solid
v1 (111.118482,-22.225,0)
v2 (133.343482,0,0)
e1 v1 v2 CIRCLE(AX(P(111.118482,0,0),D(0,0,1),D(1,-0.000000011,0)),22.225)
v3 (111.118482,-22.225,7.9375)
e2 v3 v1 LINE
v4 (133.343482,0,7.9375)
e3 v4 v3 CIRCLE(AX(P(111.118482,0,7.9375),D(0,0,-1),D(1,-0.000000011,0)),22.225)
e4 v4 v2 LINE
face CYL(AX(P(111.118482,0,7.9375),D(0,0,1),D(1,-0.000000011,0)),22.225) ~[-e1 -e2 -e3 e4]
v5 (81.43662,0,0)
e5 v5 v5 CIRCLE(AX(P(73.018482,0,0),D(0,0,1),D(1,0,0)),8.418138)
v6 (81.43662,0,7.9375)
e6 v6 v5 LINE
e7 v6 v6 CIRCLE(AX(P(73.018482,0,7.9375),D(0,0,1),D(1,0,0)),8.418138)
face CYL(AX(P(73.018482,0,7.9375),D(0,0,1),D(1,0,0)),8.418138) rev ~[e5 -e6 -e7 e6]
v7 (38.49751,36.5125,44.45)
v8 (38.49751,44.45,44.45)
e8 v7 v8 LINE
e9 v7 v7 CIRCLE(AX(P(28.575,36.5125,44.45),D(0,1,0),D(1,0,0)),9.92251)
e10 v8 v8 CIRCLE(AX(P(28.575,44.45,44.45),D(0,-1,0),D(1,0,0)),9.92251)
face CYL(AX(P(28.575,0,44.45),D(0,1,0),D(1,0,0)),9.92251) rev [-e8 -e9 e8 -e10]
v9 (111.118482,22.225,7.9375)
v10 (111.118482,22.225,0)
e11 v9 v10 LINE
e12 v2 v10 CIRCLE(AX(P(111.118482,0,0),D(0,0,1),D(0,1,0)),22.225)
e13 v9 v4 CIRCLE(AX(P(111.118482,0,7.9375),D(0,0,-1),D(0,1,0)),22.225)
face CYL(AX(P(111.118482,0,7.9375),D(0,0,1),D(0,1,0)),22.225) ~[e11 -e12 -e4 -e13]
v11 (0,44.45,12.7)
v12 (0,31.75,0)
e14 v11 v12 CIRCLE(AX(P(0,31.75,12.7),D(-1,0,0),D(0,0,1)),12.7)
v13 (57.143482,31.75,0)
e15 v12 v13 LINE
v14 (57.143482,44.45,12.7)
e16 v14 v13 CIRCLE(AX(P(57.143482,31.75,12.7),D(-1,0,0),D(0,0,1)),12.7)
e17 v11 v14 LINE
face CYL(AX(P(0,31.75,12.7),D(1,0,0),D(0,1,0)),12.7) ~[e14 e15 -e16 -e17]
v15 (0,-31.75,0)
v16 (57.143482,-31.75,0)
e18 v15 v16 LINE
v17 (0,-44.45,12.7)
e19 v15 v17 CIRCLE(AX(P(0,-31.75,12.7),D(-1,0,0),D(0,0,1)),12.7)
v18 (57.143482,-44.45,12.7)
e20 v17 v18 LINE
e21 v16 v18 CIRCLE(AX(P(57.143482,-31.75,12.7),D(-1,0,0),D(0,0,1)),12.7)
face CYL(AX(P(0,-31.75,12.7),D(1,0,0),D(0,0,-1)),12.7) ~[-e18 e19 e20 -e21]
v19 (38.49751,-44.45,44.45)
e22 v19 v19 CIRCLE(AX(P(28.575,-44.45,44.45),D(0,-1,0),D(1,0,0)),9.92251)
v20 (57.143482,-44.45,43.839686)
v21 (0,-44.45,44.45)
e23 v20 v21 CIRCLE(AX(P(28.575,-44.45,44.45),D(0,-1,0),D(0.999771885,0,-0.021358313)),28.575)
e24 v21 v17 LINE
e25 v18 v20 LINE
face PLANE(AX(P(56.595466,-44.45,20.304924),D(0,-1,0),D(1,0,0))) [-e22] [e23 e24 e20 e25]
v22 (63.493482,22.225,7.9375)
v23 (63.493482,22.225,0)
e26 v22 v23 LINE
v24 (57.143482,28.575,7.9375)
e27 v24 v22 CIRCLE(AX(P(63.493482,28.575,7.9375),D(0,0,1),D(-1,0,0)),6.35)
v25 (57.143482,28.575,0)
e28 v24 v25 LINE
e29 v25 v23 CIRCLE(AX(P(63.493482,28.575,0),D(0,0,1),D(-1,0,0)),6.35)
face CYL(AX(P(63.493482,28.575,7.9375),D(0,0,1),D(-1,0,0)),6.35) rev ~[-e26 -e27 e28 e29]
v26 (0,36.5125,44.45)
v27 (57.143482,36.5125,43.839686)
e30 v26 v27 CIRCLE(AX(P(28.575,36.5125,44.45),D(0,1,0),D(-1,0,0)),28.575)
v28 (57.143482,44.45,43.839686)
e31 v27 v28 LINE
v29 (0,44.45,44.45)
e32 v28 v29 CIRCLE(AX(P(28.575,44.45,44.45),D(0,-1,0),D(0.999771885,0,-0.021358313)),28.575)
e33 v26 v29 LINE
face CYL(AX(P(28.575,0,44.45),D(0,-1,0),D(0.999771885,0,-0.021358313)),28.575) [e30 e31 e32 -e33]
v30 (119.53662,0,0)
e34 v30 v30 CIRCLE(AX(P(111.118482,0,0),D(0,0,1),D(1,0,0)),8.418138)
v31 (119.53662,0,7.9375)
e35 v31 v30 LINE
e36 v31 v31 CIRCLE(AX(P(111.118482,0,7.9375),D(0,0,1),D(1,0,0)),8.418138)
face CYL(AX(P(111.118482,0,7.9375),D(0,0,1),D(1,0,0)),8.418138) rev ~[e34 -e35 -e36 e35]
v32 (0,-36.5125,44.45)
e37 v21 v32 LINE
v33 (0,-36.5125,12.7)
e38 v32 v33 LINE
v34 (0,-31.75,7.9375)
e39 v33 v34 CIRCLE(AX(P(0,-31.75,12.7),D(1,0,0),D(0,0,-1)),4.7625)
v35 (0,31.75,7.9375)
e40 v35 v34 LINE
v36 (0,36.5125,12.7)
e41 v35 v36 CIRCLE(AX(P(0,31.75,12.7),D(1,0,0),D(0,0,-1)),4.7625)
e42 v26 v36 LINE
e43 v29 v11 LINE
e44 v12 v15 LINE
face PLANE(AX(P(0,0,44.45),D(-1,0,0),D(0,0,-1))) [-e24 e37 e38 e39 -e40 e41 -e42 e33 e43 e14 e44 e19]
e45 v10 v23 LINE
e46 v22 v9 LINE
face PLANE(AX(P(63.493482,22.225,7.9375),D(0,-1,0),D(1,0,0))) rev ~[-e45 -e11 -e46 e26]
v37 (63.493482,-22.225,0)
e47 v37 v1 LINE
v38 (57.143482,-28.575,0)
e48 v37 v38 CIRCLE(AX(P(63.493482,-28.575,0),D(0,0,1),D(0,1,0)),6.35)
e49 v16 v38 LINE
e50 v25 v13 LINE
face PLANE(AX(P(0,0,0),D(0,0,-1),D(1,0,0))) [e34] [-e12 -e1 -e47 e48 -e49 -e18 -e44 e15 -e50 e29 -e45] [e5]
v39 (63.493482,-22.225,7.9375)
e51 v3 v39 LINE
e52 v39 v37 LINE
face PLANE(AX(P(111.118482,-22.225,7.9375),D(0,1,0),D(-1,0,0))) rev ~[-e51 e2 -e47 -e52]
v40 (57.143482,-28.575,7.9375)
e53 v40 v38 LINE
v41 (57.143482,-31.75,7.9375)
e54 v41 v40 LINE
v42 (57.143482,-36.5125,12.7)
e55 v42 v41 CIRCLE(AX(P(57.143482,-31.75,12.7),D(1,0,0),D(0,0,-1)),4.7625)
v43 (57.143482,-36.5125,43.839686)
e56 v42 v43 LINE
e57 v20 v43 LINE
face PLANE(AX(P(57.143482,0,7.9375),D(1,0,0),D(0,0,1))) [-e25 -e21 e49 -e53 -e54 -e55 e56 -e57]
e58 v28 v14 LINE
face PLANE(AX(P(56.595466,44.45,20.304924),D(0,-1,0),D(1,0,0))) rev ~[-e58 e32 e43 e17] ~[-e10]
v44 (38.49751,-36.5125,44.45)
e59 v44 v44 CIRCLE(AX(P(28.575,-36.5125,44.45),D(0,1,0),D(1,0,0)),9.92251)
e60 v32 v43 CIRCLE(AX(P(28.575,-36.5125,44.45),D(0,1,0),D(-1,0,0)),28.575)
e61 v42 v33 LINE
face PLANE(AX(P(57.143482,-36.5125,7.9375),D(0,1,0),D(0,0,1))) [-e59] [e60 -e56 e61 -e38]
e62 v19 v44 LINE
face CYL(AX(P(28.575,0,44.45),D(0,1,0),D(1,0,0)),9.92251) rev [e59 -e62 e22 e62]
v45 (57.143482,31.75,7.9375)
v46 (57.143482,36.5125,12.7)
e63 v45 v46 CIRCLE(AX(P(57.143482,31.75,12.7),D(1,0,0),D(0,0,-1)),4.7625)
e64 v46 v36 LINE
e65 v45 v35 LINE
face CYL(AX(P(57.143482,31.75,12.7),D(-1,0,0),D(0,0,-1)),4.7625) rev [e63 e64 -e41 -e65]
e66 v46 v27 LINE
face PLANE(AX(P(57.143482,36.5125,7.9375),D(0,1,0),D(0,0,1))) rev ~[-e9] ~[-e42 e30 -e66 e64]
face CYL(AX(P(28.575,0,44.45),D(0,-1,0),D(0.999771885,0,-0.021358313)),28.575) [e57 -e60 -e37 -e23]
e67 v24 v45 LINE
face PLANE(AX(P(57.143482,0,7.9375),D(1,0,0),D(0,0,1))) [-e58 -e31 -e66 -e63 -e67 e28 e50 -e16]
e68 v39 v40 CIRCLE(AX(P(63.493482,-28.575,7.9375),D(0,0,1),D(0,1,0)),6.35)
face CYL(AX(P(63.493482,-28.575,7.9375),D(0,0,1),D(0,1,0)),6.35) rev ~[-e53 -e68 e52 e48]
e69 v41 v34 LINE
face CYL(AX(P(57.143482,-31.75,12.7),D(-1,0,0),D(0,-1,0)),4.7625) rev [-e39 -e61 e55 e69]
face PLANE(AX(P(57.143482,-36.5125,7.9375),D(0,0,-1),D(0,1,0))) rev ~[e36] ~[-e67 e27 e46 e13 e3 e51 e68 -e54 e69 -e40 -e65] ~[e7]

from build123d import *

# Parameters (mm, degrees)
F0_R          = 9.92251
F1_DEPTH      = 44.45
F2_R          = 8.4181384748
F3_DEPTH      = 7.9385
F4_W          = 73.025
F4_H          = 68.6028956175
F5_DEPTH      = 57.1444816201
F5_DEPTH_BACK = 76.201
F6_R          = 12.7
F7_R          = 4.7625


with BuildPart() as f1:
    # F0 (on Front) → F1 (new body, symmetric)
    with BuildSketch(Plane.XZ):
        with BuildLine():
            Line((0, 44.45), (0, 0))
            Line((0, 0), (133.3434816201, 0))
            Line((133.3434816201, 0), (133.3434816201, 7.9375))
            Line((133.3434816201, 7.9375), (57.1434816201, 7.9375))
            Line((57.1434816201, 7.9375), (57.1434816201, 43.8396862105))
            ThreePointArc((57.1434816201, 43.8396862105), (28.880174299, 73.0233703586), (0, 44.45))
        make_face()
        with Locations((28.575, 44.45)):
            Circle(F0_R, mode=Mode.SUBTRACT)
    extrude(amount=F1_DEPTH, both=True)

    # F2 (on face) → F3 (cut, through all)
    with BuildSketch(Plane.XY.offset(7.9375)):
        with BuildLine():
            ThreePointArc((57.1434816201, 28.575), (59.0033535596, 24.0848719395), (63.4934816201, 22.225))
            Line((63.4934816201, 22.225), (111.1184816201, 22.225))
            ThreePointArc((111.1184816201, 22.225), (126.8339299175, 15.7154481263), (133.3434816201, -2.42e-07))
            Line((133.3434816201, -2.42e-07), (133.3434816201, 44.45))
            Line((133.3434816201, 44.45), (57.1434816201, 44.45))
            Line((57.1434816201, 44.45), (57.1434816201, 36.5125))
            Line((57.1434816201, 36.5125), (57.1434816201, 28.575))
        make_face()
        with BuildLine():
            Line((133.3434816201, -44.45), (133.3434816201, -2.42e-07))
            ThreePointArc((133.3434816201, -2.42e-07), (126.8339297464, -15.7154482974), (111.1184816201, -22.225))
            Line((111.1184816201, -22.225), (63.4934816201, -22.225))
            ThreePointArc((63.4934816201, -22.225), (59.0033535596, -24.0848719395), (57.1434816201, -28.575))
            Line((57.1434816201, -28.575), (57.1434816201, -36.5125))
            Line((57.1434816201, -36.5125), (57.1434816201, -44.45))
            Line((57.1434816201, -44.45), (133.3434816201, -44.45))
        make_face()
        with Locations((73.0184816201, 0)):
            Circle(F2_R)
        with Locations((111.1184816201, 0)):
            Circle(F2_R)
    extrude(amount=-F3_DEPTH, mode=Mode.SUBTRACT)

    # F4 (on face) → F5 (cut, two sides)
    with BuildSketch(Plane.YZ.offset(57.1434816201)) as f5_sk:
        with Locations((0, 42.2389478087)):
            Rectangle(F4_W, F4_H)
    extrude(amount=-F5_DEPTH, mode=Mode.SUBTRACT)
    extrude(f5_sk.sketch, amount=F5_DEPTH_BACK, mode=Mode.SUBTRACT)

    # F6
    f6_edges = [f1.edges().sort_by_distance(p)[0] for p in [
        (28.571741, -44.45, 0),
        (28.571741, 44.45, 0),
    ]]
    fillet(f6_edges, radius=F6_R)

    # F7
    f7_edges = [f1.edges().sort_by_distance(p)[0] for p in [
        (28.571741, 36.5125, 7.9375),
        (28.571741, -36.5125, 7.9375),
    ]]
    fillet(f7_edges, radius=F7_R)


solid = f1.part
